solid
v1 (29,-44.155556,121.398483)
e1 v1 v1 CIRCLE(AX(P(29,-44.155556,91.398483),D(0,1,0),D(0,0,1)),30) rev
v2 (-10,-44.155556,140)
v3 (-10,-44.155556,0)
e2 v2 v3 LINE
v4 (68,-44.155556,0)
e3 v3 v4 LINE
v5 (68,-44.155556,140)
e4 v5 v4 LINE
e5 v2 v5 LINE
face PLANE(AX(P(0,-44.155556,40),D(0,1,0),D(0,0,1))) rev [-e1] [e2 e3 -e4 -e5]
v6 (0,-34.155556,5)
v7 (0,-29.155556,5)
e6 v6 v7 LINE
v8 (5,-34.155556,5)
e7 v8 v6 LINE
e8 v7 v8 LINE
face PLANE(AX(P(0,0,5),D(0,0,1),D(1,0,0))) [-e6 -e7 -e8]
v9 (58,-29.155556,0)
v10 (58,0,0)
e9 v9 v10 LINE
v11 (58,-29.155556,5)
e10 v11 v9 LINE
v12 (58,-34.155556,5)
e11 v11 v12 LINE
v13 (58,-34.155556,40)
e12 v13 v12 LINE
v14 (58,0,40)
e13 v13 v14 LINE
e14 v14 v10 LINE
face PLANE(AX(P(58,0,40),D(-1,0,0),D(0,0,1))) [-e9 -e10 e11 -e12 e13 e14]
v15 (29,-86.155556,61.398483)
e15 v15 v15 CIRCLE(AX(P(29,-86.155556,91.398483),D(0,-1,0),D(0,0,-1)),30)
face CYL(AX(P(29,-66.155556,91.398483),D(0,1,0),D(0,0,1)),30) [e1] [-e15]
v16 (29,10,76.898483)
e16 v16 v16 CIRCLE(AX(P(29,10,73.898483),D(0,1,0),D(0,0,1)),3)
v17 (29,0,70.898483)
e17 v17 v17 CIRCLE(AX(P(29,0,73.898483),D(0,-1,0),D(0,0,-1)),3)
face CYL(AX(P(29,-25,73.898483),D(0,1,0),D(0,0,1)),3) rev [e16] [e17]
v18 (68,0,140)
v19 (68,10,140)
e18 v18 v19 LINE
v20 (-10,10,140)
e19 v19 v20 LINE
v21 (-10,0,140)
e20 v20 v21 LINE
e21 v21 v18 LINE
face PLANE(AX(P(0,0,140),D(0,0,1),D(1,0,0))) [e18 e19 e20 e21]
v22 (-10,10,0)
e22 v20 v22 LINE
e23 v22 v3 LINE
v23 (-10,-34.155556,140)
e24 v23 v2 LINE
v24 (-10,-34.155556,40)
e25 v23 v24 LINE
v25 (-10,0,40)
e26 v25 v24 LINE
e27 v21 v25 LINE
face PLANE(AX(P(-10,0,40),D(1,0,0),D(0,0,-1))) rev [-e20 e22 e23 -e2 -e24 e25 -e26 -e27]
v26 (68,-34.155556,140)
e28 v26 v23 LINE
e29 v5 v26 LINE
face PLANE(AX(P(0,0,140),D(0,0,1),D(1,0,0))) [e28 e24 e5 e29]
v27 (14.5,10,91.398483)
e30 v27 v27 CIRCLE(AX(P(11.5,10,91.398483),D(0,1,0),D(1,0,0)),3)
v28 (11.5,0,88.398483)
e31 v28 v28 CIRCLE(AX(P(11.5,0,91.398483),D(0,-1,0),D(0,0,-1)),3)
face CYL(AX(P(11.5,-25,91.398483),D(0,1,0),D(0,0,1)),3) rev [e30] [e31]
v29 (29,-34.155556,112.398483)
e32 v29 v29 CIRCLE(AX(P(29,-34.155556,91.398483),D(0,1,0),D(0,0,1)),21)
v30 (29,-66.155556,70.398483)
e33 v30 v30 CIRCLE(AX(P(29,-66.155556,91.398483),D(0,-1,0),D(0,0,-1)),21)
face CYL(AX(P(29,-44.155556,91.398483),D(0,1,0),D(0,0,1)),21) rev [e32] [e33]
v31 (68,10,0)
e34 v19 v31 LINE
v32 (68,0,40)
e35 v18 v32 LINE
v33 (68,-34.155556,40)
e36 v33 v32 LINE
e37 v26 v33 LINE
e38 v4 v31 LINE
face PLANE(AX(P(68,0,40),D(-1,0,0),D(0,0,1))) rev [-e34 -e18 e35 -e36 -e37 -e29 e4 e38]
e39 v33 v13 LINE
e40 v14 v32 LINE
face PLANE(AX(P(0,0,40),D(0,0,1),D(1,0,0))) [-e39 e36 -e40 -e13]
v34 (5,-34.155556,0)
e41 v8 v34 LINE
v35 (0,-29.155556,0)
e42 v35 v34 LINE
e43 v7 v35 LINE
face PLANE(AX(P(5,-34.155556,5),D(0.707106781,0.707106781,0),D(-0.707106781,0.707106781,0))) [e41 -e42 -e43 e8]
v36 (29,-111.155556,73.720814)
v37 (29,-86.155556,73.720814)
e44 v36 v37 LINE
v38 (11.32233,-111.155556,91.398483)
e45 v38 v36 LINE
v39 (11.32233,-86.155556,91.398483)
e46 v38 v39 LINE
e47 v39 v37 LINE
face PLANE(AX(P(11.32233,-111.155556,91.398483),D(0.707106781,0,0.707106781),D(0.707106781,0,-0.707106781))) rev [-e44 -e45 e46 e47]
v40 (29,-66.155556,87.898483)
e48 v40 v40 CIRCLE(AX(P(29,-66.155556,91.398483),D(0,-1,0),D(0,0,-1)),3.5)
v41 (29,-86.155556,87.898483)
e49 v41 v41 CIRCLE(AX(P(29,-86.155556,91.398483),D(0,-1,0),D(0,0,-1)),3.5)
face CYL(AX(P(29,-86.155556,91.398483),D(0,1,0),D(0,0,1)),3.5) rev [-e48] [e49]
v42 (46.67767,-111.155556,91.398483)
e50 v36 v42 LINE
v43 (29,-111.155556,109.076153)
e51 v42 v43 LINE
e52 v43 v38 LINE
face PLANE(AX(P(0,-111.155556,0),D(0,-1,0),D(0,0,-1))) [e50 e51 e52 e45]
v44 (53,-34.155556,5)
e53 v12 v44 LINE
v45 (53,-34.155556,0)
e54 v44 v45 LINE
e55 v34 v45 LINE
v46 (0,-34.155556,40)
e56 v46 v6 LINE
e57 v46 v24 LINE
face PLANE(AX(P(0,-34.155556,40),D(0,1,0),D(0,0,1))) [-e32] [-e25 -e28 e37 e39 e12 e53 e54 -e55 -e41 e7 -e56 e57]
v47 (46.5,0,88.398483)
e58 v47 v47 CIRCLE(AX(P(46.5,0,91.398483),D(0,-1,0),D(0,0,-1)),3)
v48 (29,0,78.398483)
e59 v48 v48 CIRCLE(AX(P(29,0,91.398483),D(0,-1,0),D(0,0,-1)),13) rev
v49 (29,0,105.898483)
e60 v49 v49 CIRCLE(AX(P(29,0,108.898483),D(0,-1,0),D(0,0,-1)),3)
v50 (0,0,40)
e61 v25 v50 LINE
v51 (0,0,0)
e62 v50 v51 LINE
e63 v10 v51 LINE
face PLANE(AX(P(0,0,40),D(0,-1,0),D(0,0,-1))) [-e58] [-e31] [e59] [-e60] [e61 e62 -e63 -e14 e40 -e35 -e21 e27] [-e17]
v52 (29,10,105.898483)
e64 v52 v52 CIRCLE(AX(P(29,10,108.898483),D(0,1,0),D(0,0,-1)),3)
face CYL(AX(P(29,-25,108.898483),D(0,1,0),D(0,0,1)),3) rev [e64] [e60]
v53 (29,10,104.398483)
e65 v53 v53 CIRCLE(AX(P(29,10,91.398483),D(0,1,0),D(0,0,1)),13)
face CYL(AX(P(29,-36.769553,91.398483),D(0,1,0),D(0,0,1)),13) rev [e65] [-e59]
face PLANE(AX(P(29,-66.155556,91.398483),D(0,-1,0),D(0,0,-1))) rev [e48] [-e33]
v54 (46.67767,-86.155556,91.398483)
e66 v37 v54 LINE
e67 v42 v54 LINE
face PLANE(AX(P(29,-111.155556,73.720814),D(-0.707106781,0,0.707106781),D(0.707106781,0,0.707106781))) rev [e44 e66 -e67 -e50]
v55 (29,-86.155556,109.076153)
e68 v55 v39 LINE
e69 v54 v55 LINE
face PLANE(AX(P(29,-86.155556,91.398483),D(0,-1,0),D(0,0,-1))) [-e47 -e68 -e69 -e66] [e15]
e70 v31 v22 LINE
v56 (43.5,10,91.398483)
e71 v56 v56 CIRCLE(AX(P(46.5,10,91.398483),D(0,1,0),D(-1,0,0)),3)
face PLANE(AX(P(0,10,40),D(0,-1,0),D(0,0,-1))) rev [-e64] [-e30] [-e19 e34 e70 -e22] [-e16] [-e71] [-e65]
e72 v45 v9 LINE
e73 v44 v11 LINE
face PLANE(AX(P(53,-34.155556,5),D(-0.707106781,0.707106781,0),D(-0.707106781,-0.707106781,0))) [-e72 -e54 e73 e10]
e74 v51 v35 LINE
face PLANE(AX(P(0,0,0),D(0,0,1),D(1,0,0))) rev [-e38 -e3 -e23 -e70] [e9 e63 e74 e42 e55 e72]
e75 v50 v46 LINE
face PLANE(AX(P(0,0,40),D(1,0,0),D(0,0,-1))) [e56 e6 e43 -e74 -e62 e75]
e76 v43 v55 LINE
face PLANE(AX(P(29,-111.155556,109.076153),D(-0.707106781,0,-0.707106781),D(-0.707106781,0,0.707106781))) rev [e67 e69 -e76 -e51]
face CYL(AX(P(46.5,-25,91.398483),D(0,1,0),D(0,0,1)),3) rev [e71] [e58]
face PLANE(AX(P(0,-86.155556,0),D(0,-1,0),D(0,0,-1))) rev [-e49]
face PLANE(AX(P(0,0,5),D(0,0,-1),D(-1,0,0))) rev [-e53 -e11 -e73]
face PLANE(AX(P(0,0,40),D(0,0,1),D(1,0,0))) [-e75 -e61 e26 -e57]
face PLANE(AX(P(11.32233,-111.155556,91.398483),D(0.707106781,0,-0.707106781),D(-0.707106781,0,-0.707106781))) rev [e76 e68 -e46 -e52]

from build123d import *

# Parameters (mm, degrees)
SKETCH_1_W               = 78
SKETCH_1_H               = 54.155555556
SKETCH_1_W_2             = 58
SKETCH_1_H_2             = 34.155555556
EXTRUDE_1_DEPTH          = 40
SKETCH_2_W               = 78
SKETCH_2_H               = 10
EXTRUDE_1_2_DEPTH        = 100
EXTRUDE_2_DEPTH          = 5
SKETCH_4_R               = 21
CUT_EXTRUDE_1_DEPTH      = 162.782919637
EXTRUDE_3_DEPTH          = 100
CUT_EXTRUDE_2_REACH      = 166.793
SKETCH_6_R               = 13
SKETCH_8_R               = 3
CUT_EXTRUDE_3_DEPTH      = 35
PATTERN_CIRCULAR_1_COUNT = 4
SKETCH_9_R               = 30
SKETCH_9_R_2             = 21
EXTRUDE_4_DEPTH          = 22
SKETCH_10_R              = 30
SKETCH_10_R_2            = 3.5
EXTRUDE_5_DEPTH          = 20
EXTRUDE_6_DEPTH          = 25


with BuildPart() as part:
    # 草图1 → Extrude 1 (new body)
    with BuildSketch(Plane.XY):
        with Locations((29, -17.077777778)):
            Rectangle(SKETCH_1_W, SKETCH_1_H)
        with Locations((29, -17.077777778)):
            Rectangle(SKETCH_1_W_2, SKETCH_1_H_2, mode=Mode.SUBTRACT)
    extrude(amount=EXTRUDE_1_DEPTH)

    # 草图2 → Extrude 1 2 (add)
    with BuildSketch(Plane.XY.offset(40)):
        with Locations((29, -39.155555556)):
            Rectangle(SKETCH_2_W, SKETCH_2_H)
    extrude(amount=EXTRUDE_1_2_DEPTH)

    # 草图3 → 凸台-拉伸2 (add)
    with BuildSketch(Plane(origin=(0, 0, 0), x_dir=(-1, 0, 0), z_dir=(0, 0, -1))):
        Polygon((-58, -29.155555556), (-58, -34.155555556), (-53, -34.155555556), align=None)
        Polygon((0, -29.155555556), (0, -34.155555556), (-5, -34.155555556), align=None)
    extrude(amount=-EXTRUDE_2_DEPTH)

    # 草图4 → 切除-拉伸1 (cut, through all)
    with BuildSketch(Plane(origin=(0, -34.155555556, 0), x_dir=(1, 0, 0), z_dir=(0, 1, 0))):
        with Locations(Location((29, -91.398483043, 0), (0, 0, 270))):
            Circle(SKETCH_4_R)
    extrude(amount=-CUT_EXTRUDE_1_DEPTH, mode=Mode.SUBTRACT)

    # 草图5 → 凸台-拉伸3 (add)
    with BuildSketch(Plane.XY.offset(40)):
        Polygon((-10, 10), (-10, 0), (0, 0), (58, 0), (68, 0), (68, 10), align=None)
    extrude(amount=EXTRUDE_3_DEPTH)

    # 草图6 → 切除-拉伸2 (cut, up to next)
    with BuildSketch(Plane(origin=(0, 10, 0), x_dir=(1, 0, 0), z_dir=(0, 1, 0)), mode=Mode.PRIVATE) as cut_extrude_2_sk1:
        with Locations(Location((29, -91.398483043, 0), (0, 0, 270))):
            Circle(SKETCH_6_R)
    cut_extrude_2_tool1 = extrude(cut_extrude_2_sk1.sketch, amount=-CUT_EXTRUDE_2_REACH, mode=Mode.PRIVATE) & part.part
    add(cut_extrude_2_tool1.solids().sort_by_distance((29, 10, 91.398483))[0], mode=Mode.SUBTRACT)

    # 草图8 → 切除-拉伸3 (cut)
    with BuildSketch(Plane(origin=(0, 10, 0), x_dir=(1, 0, 0), z_dir=(0, 1, 0))):
        with Locations(Location((29, -73.898483043, 0), (0, 0, 270))):
            Circle(SKETCH_8_R)
    cut_extrude_3 = extrude(amount=-CUT_EXTRUDE_3_DEPTH, mode=Mode.SUBTRACT)

    # 阵列(圆周)1: 切除-拉伸3 ×4 about axis
    pattern_circular_1_axis = Axis((29, 0, 91.398483043), (0, 1, 0))
    for i in range(1, PATTERN_CIRCULAR_1_COUNT):
        add(cut_extrude_3.rotate(pattern_circular_1_axis, i * 360 / PATTERN_CIRCULAR_1_COUNT), mode=Mode.SUBTRACT)

    # 草图9 → 凸台-拉伸4 (add)
    with BuildSketch(Plane.XZ.offset(44.155555556)):
        with Locations(Location((29, 91.398483043, 0), (0, 0, 90))):
            Circle(SKETCH_9_R)
        with Locations(Location((29, 91.398483043, 0), (0, 0, 90))):
            Circle(SKETCH_9_R_2, mode=Mode.SUBTRACT)
    extrude(amount=EXTRUDE_4_DEPTH)

    # 草图10 → 凸台-拉伸5 (add)
    with BuildSketch(Plane.XZ.offset(66.155555556)):
        with Locations(Location((29, 91.398483043, 0), (0, 0, 90))):
            Circle(SKETCH_10_R)
        with Locations(Location((29, 91.398483043, 0), (0, 0, 270))):
            Circle(SKETCH_10_R_2, mode=Mode.SUBTRACT)
    extrude(amount=EXTRUDE_5_DEPTH)

    # 草图12 → 凸台-拉伸6 (add)
    with BuildSketch(Plane.XZ.offset(86.155555556)):
        Polygon((11.32233047, 91.398483043), (29, 109.076152573), (46.67766953, 91.398483043), (29, 73.720813513), align=None)
    extrude(amount=EXTRUDE_6_DEPTH)


solid = part.part
